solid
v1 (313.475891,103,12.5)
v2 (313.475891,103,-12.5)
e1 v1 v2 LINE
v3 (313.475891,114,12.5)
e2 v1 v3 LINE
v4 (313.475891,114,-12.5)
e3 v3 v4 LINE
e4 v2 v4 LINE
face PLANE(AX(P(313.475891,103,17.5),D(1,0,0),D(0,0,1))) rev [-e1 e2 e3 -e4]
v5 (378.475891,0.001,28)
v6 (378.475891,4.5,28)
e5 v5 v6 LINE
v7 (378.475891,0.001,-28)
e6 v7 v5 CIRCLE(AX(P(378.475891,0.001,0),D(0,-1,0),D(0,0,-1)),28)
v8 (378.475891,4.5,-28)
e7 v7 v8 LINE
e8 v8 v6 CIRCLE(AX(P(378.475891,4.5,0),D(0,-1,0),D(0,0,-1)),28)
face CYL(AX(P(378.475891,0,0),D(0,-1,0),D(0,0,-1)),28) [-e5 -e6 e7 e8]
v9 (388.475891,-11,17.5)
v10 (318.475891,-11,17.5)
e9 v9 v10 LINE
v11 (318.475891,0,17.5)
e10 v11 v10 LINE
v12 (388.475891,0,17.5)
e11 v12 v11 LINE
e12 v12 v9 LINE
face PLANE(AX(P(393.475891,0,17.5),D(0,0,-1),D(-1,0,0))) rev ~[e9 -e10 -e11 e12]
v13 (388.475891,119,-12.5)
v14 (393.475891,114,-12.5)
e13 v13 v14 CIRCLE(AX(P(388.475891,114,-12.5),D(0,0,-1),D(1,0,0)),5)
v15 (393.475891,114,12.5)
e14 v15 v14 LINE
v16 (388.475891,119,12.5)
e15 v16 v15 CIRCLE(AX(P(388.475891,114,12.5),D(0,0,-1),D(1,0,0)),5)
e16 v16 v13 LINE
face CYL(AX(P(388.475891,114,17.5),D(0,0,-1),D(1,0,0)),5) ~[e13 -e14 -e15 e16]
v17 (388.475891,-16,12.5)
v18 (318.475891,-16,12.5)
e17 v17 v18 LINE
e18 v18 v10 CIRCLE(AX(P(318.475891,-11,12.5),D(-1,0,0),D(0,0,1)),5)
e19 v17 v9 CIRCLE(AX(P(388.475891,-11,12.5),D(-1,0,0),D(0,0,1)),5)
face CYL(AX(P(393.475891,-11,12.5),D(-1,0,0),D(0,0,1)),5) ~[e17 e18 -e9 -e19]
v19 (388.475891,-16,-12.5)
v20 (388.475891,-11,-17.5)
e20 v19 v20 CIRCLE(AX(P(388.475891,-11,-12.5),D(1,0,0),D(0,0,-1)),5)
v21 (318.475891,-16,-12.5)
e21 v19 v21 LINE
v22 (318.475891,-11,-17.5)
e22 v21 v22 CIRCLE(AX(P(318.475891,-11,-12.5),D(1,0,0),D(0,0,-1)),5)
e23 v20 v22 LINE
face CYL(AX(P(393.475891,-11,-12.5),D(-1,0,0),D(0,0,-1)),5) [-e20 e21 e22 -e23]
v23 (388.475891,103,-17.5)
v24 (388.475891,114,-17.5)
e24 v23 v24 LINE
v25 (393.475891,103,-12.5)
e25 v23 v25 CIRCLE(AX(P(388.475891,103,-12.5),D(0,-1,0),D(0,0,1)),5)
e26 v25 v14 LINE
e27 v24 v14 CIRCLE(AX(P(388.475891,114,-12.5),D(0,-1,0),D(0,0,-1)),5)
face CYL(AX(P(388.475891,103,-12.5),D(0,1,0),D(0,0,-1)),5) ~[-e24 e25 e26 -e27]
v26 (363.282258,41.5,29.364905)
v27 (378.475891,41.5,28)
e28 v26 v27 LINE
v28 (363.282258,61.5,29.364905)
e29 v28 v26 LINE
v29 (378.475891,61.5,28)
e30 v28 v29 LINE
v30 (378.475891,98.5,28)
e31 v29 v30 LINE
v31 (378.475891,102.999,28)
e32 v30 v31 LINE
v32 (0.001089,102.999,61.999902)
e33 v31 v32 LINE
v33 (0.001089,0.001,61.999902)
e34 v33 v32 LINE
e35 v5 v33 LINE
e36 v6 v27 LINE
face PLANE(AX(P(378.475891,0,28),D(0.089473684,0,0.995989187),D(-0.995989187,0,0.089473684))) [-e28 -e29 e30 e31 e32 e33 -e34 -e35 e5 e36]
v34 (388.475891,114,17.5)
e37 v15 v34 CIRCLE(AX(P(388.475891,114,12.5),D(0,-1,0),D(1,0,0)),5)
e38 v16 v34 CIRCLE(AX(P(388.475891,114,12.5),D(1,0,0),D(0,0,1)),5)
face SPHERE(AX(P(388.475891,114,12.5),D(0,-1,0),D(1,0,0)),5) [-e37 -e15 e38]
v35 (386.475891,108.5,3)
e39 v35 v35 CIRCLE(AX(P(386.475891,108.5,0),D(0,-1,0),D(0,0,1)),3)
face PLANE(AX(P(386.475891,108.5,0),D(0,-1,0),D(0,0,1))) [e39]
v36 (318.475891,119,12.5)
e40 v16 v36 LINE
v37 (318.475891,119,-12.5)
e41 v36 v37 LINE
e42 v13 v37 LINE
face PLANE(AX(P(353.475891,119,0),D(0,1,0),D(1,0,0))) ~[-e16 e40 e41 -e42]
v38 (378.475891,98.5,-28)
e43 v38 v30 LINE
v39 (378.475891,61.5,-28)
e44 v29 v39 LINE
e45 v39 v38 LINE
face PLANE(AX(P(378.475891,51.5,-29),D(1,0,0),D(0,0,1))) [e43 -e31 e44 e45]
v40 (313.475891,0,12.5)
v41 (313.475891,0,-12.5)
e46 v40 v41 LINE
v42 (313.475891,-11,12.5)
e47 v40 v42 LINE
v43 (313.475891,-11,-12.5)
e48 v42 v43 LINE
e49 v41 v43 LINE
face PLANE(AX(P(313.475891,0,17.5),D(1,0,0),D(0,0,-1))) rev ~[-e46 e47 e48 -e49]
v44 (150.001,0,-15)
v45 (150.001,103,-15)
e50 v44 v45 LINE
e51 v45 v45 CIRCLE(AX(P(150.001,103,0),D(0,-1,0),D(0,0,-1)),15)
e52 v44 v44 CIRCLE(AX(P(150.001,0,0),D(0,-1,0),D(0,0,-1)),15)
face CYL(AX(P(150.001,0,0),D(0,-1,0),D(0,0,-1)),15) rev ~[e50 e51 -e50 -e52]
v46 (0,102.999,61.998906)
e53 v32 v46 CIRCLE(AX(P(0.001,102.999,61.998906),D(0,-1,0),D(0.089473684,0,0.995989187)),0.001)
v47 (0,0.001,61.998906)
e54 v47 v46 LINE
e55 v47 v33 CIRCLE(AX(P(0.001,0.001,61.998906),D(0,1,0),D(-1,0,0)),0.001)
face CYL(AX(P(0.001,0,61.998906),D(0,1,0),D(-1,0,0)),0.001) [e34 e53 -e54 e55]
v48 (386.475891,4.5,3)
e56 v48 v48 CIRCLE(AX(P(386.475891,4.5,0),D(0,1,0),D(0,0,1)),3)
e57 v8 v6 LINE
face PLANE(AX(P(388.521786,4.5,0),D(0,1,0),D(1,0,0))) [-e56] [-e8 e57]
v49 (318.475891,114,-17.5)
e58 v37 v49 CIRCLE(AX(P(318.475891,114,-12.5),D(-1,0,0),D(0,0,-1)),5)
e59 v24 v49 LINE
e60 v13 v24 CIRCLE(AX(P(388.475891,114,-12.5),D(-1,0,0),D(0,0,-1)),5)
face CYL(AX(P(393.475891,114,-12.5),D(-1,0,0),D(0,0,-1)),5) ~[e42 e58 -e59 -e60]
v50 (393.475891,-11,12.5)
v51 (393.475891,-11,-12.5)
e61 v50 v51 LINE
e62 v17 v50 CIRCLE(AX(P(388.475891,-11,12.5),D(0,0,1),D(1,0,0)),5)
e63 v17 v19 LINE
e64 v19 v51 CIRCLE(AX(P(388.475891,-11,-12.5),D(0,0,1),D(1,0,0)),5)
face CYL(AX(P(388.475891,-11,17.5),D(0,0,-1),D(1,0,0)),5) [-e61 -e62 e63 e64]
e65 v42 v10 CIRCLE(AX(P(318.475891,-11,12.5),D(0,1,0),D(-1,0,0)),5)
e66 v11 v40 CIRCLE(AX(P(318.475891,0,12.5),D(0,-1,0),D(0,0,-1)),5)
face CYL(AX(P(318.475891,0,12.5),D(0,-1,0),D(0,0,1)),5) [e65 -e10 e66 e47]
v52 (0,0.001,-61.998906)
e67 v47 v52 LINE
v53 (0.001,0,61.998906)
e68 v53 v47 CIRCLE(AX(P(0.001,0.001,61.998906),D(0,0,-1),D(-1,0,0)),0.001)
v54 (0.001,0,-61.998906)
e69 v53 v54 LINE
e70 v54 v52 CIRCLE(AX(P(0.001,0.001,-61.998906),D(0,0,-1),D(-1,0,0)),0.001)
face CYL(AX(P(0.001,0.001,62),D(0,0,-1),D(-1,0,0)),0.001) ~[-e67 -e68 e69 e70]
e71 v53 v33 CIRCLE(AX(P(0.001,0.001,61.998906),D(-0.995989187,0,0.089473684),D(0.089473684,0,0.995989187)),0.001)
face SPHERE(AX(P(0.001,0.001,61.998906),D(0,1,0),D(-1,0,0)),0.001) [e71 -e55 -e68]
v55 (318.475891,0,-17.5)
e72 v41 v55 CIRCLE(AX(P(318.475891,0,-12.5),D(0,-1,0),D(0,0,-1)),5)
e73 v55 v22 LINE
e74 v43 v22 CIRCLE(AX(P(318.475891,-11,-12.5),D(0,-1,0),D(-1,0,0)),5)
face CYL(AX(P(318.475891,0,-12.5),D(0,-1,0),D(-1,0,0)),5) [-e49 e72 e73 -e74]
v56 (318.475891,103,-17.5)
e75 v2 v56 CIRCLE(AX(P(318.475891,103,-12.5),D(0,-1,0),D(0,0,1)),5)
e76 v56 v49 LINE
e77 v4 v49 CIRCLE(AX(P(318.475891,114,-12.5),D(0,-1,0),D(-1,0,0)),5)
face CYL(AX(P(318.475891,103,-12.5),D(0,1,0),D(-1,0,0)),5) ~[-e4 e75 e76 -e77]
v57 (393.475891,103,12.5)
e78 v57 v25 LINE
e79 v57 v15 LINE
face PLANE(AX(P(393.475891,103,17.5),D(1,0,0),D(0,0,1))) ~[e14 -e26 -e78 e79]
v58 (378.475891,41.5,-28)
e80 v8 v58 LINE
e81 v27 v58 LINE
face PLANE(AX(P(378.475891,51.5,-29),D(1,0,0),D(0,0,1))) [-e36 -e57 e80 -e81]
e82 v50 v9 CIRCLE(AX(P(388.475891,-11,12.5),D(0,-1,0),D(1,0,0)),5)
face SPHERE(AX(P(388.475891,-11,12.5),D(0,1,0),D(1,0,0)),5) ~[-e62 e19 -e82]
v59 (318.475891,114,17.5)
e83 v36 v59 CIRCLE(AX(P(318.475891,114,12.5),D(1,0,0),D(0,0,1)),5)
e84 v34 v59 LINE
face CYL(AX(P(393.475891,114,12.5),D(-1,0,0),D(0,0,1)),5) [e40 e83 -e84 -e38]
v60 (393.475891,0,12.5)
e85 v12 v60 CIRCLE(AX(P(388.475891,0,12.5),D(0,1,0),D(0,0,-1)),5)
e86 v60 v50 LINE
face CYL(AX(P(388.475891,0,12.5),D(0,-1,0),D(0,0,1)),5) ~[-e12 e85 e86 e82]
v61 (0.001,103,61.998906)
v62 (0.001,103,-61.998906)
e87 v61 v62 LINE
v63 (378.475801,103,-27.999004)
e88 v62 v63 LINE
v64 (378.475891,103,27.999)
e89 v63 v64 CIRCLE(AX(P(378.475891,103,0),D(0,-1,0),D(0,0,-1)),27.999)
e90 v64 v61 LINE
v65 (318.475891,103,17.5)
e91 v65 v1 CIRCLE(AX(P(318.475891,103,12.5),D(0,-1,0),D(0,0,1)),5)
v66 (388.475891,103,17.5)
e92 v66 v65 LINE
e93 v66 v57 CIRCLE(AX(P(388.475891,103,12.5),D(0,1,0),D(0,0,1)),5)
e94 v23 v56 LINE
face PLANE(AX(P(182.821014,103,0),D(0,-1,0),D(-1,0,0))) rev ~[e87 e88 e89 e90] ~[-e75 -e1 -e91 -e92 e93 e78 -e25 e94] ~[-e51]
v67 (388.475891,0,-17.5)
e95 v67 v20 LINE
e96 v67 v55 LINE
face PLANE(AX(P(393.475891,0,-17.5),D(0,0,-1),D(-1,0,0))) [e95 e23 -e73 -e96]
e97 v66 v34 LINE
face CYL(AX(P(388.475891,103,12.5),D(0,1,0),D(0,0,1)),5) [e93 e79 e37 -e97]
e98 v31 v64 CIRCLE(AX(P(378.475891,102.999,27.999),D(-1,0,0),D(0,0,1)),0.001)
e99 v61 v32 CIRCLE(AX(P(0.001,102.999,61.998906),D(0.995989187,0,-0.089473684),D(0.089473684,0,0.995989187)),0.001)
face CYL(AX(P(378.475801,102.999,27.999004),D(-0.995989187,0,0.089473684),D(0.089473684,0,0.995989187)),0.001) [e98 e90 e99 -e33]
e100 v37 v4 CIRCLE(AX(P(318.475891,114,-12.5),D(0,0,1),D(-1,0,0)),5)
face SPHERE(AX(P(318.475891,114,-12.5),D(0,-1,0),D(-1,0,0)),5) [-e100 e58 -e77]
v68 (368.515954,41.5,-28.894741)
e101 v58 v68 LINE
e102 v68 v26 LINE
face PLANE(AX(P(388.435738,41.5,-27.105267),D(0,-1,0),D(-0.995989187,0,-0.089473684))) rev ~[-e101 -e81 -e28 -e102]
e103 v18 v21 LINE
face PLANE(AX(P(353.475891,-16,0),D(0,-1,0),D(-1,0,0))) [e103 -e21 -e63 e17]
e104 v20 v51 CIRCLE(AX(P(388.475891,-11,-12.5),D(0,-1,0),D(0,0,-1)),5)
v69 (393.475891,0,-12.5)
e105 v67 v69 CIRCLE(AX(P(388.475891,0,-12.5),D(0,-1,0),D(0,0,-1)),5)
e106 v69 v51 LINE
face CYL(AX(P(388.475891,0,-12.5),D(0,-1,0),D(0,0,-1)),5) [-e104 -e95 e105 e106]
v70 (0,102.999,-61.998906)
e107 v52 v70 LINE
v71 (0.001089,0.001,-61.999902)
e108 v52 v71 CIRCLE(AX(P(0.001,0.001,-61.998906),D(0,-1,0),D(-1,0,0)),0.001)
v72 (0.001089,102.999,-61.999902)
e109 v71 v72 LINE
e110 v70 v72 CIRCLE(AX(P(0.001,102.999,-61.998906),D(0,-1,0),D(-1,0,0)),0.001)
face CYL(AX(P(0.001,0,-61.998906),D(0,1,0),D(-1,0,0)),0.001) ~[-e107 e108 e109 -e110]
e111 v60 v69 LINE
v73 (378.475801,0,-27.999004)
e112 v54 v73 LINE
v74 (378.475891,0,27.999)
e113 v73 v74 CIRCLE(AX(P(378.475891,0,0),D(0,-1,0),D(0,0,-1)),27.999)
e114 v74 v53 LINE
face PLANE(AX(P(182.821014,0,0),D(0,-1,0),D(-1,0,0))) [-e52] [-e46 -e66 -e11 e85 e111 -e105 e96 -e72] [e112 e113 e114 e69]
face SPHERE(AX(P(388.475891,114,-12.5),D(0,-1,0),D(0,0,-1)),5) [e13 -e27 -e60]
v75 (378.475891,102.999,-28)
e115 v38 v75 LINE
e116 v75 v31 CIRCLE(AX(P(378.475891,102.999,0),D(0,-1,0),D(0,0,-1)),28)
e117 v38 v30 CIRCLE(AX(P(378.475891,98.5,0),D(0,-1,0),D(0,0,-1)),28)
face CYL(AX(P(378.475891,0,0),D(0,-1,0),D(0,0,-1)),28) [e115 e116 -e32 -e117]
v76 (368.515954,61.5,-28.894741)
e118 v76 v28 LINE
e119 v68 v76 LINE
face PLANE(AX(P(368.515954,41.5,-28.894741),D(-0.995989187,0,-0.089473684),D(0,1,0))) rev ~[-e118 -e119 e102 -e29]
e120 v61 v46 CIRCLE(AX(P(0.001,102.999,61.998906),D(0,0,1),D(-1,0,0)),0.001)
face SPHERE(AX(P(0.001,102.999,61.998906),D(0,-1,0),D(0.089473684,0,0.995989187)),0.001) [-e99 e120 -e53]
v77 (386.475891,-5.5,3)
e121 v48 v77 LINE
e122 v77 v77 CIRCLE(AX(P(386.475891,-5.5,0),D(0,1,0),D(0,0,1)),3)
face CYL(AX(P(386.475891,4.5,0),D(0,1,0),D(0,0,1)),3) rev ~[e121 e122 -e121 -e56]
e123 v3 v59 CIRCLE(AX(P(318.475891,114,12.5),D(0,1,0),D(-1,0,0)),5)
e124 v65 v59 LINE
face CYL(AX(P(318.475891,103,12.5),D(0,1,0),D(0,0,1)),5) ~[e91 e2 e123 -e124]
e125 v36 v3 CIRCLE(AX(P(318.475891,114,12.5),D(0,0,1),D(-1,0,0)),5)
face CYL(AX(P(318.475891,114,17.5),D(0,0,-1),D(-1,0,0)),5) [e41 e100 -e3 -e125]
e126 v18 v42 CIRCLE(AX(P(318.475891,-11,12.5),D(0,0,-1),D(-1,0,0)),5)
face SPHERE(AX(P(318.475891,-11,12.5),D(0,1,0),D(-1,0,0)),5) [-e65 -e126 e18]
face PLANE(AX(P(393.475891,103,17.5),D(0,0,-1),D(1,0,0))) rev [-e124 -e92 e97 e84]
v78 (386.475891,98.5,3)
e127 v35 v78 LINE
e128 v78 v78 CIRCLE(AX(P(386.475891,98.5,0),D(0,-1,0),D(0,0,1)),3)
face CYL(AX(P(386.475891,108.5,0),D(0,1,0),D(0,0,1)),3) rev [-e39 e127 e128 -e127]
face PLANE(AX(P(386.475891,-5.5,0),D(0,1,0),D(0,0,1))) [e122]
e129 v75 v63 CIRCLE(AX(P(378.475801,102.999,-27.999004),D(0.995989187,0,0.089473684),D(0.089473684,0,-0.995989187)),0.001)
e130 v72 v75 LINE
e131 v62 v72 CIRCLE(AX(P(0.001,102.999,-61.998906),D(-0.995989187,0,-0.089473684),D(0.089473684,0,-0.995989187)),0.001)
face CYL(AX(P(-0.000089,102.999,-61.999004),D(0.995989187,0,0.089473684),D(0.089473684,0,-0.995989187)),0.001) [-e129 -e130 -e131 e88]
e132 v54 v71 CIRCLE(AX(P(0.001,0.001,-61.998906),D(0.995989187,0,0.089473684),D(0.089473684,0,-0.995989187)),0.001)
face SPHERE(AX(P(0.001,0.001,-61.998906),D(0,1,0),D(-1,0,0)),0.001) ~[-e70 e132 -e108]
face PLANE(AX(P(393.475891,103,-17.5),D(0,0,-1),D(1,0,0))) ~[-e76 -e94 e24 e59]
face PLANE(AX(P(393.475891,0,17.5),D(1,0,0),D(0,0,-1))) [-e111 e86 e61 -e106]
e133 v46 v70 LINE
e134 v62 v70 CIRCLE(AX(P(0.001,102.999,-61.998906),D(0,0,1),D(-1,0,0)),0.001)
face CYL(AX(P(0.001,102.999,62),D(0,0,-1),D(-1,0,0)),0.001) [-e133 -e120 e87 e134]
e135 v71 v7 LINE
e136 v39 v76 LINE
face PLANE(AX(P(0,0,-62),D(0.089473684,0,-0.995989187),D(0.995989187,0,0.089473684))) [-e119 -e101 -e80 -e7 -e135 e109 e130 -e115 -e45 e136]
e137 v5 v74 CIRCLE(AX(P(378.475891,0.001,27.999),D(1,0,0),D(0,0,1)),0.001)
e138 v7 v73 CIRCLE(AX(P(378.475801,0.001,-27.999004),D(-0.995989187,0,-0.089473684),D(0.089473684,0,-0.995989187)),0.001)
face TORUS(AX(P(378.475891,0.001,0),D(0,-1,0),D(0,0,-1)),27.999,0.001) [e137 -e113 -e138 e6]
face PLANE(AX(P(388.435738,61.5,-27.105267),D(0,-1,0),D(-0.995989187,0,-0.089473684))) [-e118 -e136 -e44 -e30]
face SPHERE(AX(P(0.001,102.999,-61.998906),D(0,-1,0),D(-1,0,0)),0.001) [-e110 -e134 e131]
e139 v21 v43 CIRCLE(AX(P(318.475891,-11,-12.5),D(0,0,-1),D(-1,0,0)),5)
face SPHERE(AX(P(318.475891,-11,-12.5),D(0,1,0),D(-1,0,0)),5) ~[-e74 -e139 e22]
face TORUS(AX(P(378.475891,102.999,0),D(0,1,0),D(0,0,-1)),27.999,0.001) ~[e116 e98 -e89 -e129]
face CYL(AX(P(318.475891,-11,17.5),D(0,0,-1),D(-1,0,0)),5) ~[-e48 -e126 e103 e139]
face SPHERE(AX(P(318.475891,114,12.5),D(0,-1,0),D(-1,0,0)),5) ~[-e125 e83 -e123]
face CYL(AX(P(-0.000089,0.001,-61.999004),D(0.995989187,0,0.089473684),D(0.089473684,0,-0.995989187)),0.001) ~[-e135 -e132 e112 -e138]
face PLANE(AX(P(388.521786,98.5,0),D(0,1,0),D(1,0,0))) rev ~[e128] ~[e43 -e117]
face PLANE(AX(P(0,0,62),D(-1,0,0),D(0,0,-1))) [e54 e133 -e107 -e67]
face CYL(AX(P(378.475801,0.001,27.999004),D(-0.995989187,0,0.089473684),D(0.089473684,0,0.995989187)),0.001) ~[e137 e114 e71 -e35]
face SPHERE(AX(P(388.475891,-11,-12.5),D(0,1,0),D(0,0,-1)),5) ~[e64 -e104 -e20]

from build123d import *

# Parameters (mm, degrees)
BOSS_EXTRUDE1_DEPTH  = 103
FILLET1_R            = 0.001
SKETCH3_W            = 80
SKETCH3_H            = 35
BOSS_EXTRUDE2_DEPTH  = 16
FILLET2_R            = 5
SKETCH4_R            = 15
CUT_EXTRUDE1_DEPTH   = 424.88163248
CUT_EXTRUDE10_DEPTH  = 47
SKETCH17_W           = 20
SKETCH17_H           = 20
CUT_EXTRUDE13_DEPTH  = 94
FILLET2_OF_MIRROR1_R = 5
SKETCH19_R           = 3
CUT_EXTRUDE14_DEPTH  = 10
CUT_EXTRUDE15_START  = -10
SKETCH20_R           = 3
CUT_EXTRUDE15_DEPTH  = 10


with BuildPart() as part:
    # Sketch1 → Boss-Extrude1 (new body)
    with BuildSketch(Plane(origin=(0, 0, 0), x_dir=(1, 0, 0), z_dir=(0, 1, 0))):
        with BuildLine():
            Line((0, -62), (0, 62))
            Line((0, 62), (378.47589091, 28))
            ThreePointArc((378.47589091, 28), (406.47589091, 0), (378.47589091, -28))
            Line((378.47589091, -28), (0, -62))
        make_face()
    extrude(amount=BOSS_EXTRUDE1_DEPTH)

    # Fillet1
    fillet1_edges = [part.edges().sort_by_distance(p)[0] for p in [
        (378.47589091, 51.5, 28),
        (406.47589091, 103, 0),
        (378.47589091, 51.5, -28),
        (406.47589091, 0, 0),
        (0, 51.5, -62),
        (0, 103, 0),
        (0, 51.5, 62),
        (0, 0, 0),
        (189.237945455, 0, 45),
        (189.237945455, 0, -45),
        (189.237945455, 103, 45),
        (189.237945455, 103, -45),
    ]]
    fillet(fillet1_edges, radius=FILLET1_R)

    # Sketch3 → Boss-Extrude2 (add)
    with BuildSketch(Plane(origin=(0, 0, 0), x_dir=(-1, 0, 0), z_dir=(0, -1, 0))):
        with Locations((-353.47589091, 0)):
            Rectangle(SKETCH3_W, SKETCH3_H)
    boss_extrude2 = extrude(amount=BOSS_EXTRUDE2_DEPTH)

    # Fillet2
    fillet2_edges = [part.edges().sort_by_distance(p)[0] for p in [
        (313.47589091, -8, 17.5),
        (313.47589091, -8, -17.5),
        (393.47589091, -8, -17.5),
        (393.47589091, -8, 17.5),
        (313.47589091, -16, 0),
        (353.47589091, -16, -17.5),
        (393.47589091, -16, 0),
        (353.47589091, -16, 17.5),
    ]]
    fillet(fillet2_edges, radius=FILLET2_R)

    # Sketch4 → Cut-Extrude1 (cut, through all)
    with BuildSketch(Plane.XZ):
        with Locations(Location((150.001, 0, 0), (0, 0, 270))):
            Circle(SKETCH4_R)
    extrude(amount=-CUT_EXTRUDE1_DEPTH, mode=Mode.SUBTRACT)

    # Sketch15 → Cut-Extrude10 (cut, symmetric)
    with BuildSketch(Plane(origin=(0, 51.5, 0), x_dir=(-1, 0, 0), z_dir=(0, -1, 0))):
        with BuildLine():
            Line((-378.47589091, 29), (-378.47589091, -29))
            ThreePointArc((-378.47589091, -29), (-407.47589091, 0), (-378.47589091, 29))
        make_face()
    extrude(amount=CUT_EXTRUDE10_DEPTH, both=True, mode=Mode.SUBTRACT)

    # Sketch17 → Cut-Extrude13 (cut)
    with BuildSketch(Plane(origin=(5.525118961, 0, -61.50365651), x_dir=(-0.9959891866048521, 0, -0.08947368421052682), z_dir=(0.08947368421052682, 0, -0.9959891866048521))):
        with Locations((-374.452586753, 51.5)):
            Rectangle(SKETCH17_W, SKETCH17_H)
    extrude(amount=-CUT_EXTRUDE13_DEPTH, mode=Mode.SUBTRACT)

    # Mirror1: Boss-Extrude2 across plane
    add(boss_extrude2.mirror(Plane(origin=(0, 51.5, 0), x_dir=(0, 0, 1), z_dir=(0, -1, 0))))

    # Fillet2 of Mirror1
    fillet2_of_mirror1_edges = [part.edges().sort_by_distance(p)[0] for p in [
        (313.47589091, 111, 17.5),
        (313.47589091, 111, -17.5),
        (393.47589091, 111, -17.5),
        (393.47589091, 111, 17.5),
        (313.47589091, 119, 0),
        (353.47589091, 119, -17.5),
        (393.47589091, 119, 0),
        (353.47589091, 119, 17.5),
    ]]
    fillet(fillet2_of_mirror1_edges, radius=FILLET2_OF_MIRROR1_R)

    # Sketch19 → Cut-Extrude14 (cut)
    with BuildSketch(Plane(origin=(0, 4.5, 0), x_dir=(1, 0, 0), z_dir=(0, 1, 0))):
        with Locations(Location((386.47589091, 0, 0), (0, 0, 270))):
            Circle(SKETCH19_R)
    extrude(amount=-CUT_EXTRUDE14_DEPTH, mode=Mode.SUBTRACT)

    # Sketch20 → Cut-Extrude15 (cut)
    with BuildSketch(Plane.XZ.offset(-98.5).offset(CUT_EXTRUDE15_START)):
        with Locations(Location((386.47589091, 0, 0), (0, 0, 90))):
            Circle(SKETCH20_R)
    extrude(amount=CUT_EXTRUDE15_DEPTH, mode=Mode.SUBTRACT)


solid = part.part
